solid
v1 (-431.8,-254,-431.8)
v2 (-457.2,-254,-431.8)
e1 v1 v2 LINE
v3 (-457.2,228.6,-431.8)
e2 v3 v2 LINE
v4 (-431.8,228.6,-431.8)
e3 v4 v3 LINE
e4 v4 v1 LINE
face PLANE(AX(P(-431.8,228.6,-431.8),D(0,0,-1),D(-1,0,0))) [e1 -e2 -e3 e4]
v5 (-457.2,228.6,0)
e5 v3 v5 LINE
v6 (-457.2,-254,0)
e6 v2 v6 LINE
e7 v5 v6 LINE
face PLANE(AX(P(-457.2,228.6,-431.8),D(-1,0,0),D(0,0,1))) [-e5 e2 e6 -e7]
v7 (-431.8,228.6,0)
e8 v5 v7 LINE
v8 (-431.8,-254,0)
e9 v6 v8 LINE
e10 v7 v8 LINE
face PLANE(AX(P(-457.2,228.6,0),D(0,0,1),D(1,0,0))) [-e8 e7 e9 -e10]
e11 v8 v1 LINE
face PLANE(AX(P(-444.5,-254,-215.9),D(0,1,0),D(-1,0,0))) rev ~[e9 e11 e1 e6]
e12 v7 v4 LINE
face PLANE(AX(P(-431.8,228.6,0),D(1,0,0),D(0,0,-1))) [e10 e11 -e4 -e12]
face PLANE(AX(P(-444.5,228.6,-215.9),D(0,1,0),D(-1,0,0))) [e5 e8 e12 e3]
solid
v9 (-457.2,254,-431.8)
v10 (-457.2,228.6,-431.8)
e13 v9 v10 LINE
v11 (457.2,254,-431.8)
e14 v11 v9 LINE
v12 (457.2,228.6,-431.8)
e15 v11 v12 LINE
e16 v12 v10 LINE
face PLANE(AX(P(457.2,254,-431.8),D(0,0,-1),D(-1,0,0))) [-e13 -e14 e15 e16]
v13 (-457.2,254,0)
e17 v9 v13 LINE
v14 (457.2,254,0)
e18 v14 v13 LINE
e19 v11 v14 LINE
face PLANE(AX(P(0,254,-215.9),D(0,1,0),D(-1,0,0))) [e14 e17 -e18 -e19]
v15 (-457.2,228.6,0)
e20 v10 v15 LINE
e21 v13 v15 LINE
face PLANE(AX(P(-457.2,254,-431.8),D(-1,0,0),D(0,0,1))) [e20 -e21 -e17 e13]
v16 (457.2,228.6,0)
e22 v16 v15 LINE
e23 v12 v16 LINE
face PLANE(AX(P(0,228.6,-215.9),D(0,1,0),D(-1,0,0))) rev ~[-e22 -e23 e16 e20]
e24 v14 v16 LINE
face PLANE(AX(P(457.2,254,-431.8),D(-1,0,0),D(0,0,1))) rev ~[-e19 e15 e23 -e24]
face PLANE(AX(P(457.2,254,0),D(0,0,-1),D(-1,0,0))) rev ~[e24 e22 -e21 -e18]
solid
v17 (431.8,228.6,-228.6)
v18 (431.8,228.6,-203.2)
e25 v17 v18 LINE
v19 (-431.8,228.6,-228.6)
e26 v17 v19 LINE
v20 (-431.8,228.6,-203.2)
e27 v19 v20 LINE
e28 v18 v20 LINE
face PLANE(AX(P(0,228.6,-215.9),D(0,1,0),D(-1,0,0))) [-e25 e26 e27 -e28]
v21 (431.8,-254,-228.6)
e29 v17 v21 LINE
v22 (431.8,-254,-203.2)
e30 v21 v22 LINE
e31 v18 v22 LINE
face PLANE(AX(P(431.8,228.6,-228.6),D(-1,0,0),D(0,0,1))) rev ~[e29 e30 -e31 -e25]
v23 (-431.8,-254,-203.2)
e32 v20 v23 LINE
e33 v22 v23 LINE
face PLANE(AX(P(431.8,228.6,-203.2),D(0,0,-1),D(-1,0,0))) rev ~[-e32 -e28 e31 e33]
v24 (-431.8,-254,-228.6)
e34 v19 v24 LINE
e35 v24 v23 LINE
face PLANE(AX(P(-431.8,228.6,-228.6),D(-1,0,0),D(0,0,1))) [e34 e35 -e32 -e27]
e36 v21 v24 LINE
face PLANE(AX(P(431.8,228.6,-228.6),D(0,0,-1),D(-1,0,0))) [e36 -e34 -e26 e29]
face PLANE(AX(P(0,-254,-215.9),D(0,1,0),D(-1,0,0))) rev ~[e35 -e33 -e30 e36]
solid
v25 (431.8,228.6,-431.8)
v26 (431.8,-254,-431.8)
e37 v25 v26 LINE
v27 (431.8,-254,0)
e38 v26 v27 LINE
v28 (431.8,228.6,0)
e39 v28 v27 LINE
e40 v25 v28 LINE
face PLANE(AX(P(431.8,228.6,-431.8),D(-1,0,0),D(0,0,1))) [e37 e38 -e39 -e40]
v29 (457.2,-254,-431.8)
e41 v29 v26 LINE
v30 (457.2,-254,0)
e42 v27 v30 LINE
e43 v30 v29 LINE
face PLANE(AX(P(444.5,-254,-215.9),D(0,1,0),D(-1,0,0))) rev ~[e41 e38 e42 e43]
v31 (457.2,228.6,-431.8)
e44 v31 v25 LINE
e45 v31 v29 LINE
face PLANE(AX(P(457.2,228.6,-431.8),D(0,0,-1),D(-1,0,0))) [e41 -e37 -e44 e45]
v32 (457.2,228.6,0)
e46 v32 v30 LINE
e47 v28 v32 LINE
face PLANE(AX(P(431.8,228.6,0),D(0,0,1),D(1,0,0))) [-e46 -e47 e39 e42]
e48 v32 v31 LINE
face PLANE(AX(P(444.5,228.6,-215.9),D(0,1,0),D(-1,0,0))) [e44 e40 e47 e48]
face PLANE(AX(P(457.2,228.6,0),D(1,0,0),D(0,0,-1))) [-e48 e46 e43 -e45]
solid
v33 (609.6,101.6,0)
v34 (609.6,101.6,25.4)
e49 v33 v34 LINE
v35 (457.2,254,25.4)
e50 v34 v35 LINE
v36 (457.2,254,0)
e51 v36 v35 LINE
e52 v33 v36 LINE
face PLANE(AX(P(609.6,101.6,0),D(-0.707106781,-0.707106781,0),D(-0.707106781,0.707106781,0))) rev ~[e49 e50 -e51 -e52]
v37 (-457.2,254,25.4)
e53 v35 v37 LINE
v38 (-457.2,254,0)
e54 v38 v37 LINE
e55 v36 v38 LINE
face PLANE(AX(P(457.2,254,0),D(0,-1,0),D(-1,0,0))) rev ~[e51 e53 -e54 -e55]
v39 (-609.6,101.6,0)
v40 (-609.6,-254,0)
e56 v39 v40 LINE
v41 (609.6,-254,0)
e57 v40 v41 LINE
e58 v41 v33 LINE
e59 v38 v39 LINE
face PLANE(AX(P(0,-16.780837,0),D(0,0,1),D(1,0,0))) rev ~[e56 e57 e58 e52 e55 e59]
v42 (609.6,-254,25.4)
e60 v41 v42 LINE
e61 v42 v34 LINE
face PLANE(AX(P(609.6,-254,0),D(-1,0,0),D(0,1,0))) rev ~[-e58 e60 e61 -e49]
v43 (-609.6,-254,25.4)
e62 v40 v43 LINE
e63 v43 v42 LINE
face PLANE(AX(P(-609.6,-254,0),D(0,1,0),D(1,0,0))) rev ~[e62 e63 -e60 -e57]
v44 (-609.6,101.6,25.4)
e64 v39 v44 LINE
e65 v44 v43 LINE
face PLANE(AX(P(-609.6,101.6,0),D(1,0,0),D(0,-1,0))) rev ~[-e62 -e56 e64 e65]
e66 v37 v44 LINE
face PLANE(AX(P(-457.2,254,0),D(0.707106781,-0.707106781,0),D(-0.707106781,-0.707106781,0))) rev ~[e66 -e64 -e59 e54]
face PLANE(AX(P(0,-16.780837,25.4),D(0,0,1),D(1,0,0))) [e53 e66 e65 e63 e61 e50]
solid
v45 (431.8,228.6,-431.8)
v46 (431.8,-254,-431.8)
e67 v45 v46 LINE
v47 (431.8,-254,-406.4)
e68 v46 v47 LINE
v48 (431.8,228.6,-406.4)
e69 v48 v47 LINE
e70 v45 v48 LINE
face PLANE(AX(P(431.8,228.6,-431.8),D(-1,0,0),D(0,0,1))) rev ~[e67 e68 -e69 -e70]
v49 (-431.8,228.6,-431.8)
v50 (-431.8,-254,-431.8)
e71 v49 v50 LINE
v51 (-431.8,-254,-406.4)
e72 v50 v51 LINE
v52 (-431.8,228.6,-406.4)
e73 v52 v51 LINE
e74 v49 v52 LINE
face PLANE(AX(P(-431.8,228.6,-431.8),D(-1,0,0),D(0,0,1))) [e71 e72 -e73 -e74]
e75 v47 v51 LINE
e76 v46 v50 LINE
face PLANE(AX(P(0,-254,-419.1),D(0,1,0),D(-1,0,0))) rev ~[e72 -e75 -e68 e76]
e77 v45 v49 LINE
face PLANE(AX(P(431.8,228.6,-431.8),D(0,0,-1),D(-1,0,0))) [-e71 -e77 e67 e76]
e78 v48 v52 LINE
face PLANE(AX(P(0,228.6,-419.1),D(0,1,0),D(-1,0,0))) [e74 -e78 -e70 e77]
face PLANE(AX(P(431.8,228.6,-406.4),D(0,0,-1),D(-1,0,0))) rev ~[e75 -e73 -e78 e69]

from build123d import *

# Parameters (mm, degrees)
F1_DEPTH = 25.4
F3_START = -25.4
F3_DEPTH = 482.6
F4_START = -25.4
F2_W     = 863.6
F2_H     = 25.4
F4_DEPTH = 482.6
F5_W     = 914.4
F5_H     = 431.8
F6_DEPTH = 25.4


with BuildPart() as f1:
    # F0 (on Top) → F1 (new body)
    with BuildSketch(Plane.XY):
        Polygon((609.6, 101.6), (457.2, 254), (-457.2, 254), (-609.6, 101.6), (-609.6, -254), (609.6, -254), align=None)
    extrude(amount=F1_DEPTH)


with BuildPart() as f3:
    # F2 (on face) → F3 (new body)
    with BuildSketch(Plane(origin=(0, 254, 0), x_dir=(-1, 0, 0), z_dir=(0, 1, 0)).offset(F3_START)):
        Polygon((-431.8, 0), (-457.2, 0), (-457.2, -431.8), (-431.8, -431.8), (-431.8, -406.4), (-431.8, -228.6), (-431.8, -203.2), align=None)
    extrude(amount=-F3_DEPTH)


with BuildPart() as f3b:
    # F2 (on face) → F3, piece 2 (new body)
    with BuildSketch(Plane(origin=(0, 254, 0), x_dir=(-1, 0, 0), z_dir=(0, 1, 0)).offset(F3_START)):
        Polygon((457.2, 0), (431.8, 0), (431.8, -203.2), (431.8, -228.6), (431.8, -406.4), (431.8, -431.8), (457.2, -431.8), align=None)
    extrude(amount=-F3_DEPTH)


with BuildPart() as f4:
    # F2 (on face) → F4 (new body)
    with BuildSketch(Plane(origin=(0, 254, 0), x_dir=(-1, 0, 0), z_dir=(0, 1, 0)).offset(F4_START)):
        with Locations((0, -215.9)):
            Rectangle(F2_W, F2_H)
    extrude(amount=-F4_DEPTH)


with BuildPart() as f4b:
    # F2 (on face) → F4, piece 2 (new body)
    with BuildSketch(Plane(origin=(0, 254, 0), x_dir=(-1, 0, 0), z_dir=(0, 1, 0)).offset(F4_START)):
        with Locations((0, -419.1)):
            Rectangle(F2_W, F2_H)
    extrude(amount=-F4_DEPTH)


with BuildPart() as f6:
    # F5 (on face) → F6 (new body)
    with BuildSketch(Plane(origin=(0, 254, 0), x_dir=(-1, 0, 0), z_dir=(0, 1, 0))):
        with Locations((0, -215.9)):
            Rectangle(F5_W, F5_H)
    extrude(amount=-F6_DEPTH)


solid = Compound([f1.part, f3.part, f3b.part, f4.part, f4b.part, f6.part])
